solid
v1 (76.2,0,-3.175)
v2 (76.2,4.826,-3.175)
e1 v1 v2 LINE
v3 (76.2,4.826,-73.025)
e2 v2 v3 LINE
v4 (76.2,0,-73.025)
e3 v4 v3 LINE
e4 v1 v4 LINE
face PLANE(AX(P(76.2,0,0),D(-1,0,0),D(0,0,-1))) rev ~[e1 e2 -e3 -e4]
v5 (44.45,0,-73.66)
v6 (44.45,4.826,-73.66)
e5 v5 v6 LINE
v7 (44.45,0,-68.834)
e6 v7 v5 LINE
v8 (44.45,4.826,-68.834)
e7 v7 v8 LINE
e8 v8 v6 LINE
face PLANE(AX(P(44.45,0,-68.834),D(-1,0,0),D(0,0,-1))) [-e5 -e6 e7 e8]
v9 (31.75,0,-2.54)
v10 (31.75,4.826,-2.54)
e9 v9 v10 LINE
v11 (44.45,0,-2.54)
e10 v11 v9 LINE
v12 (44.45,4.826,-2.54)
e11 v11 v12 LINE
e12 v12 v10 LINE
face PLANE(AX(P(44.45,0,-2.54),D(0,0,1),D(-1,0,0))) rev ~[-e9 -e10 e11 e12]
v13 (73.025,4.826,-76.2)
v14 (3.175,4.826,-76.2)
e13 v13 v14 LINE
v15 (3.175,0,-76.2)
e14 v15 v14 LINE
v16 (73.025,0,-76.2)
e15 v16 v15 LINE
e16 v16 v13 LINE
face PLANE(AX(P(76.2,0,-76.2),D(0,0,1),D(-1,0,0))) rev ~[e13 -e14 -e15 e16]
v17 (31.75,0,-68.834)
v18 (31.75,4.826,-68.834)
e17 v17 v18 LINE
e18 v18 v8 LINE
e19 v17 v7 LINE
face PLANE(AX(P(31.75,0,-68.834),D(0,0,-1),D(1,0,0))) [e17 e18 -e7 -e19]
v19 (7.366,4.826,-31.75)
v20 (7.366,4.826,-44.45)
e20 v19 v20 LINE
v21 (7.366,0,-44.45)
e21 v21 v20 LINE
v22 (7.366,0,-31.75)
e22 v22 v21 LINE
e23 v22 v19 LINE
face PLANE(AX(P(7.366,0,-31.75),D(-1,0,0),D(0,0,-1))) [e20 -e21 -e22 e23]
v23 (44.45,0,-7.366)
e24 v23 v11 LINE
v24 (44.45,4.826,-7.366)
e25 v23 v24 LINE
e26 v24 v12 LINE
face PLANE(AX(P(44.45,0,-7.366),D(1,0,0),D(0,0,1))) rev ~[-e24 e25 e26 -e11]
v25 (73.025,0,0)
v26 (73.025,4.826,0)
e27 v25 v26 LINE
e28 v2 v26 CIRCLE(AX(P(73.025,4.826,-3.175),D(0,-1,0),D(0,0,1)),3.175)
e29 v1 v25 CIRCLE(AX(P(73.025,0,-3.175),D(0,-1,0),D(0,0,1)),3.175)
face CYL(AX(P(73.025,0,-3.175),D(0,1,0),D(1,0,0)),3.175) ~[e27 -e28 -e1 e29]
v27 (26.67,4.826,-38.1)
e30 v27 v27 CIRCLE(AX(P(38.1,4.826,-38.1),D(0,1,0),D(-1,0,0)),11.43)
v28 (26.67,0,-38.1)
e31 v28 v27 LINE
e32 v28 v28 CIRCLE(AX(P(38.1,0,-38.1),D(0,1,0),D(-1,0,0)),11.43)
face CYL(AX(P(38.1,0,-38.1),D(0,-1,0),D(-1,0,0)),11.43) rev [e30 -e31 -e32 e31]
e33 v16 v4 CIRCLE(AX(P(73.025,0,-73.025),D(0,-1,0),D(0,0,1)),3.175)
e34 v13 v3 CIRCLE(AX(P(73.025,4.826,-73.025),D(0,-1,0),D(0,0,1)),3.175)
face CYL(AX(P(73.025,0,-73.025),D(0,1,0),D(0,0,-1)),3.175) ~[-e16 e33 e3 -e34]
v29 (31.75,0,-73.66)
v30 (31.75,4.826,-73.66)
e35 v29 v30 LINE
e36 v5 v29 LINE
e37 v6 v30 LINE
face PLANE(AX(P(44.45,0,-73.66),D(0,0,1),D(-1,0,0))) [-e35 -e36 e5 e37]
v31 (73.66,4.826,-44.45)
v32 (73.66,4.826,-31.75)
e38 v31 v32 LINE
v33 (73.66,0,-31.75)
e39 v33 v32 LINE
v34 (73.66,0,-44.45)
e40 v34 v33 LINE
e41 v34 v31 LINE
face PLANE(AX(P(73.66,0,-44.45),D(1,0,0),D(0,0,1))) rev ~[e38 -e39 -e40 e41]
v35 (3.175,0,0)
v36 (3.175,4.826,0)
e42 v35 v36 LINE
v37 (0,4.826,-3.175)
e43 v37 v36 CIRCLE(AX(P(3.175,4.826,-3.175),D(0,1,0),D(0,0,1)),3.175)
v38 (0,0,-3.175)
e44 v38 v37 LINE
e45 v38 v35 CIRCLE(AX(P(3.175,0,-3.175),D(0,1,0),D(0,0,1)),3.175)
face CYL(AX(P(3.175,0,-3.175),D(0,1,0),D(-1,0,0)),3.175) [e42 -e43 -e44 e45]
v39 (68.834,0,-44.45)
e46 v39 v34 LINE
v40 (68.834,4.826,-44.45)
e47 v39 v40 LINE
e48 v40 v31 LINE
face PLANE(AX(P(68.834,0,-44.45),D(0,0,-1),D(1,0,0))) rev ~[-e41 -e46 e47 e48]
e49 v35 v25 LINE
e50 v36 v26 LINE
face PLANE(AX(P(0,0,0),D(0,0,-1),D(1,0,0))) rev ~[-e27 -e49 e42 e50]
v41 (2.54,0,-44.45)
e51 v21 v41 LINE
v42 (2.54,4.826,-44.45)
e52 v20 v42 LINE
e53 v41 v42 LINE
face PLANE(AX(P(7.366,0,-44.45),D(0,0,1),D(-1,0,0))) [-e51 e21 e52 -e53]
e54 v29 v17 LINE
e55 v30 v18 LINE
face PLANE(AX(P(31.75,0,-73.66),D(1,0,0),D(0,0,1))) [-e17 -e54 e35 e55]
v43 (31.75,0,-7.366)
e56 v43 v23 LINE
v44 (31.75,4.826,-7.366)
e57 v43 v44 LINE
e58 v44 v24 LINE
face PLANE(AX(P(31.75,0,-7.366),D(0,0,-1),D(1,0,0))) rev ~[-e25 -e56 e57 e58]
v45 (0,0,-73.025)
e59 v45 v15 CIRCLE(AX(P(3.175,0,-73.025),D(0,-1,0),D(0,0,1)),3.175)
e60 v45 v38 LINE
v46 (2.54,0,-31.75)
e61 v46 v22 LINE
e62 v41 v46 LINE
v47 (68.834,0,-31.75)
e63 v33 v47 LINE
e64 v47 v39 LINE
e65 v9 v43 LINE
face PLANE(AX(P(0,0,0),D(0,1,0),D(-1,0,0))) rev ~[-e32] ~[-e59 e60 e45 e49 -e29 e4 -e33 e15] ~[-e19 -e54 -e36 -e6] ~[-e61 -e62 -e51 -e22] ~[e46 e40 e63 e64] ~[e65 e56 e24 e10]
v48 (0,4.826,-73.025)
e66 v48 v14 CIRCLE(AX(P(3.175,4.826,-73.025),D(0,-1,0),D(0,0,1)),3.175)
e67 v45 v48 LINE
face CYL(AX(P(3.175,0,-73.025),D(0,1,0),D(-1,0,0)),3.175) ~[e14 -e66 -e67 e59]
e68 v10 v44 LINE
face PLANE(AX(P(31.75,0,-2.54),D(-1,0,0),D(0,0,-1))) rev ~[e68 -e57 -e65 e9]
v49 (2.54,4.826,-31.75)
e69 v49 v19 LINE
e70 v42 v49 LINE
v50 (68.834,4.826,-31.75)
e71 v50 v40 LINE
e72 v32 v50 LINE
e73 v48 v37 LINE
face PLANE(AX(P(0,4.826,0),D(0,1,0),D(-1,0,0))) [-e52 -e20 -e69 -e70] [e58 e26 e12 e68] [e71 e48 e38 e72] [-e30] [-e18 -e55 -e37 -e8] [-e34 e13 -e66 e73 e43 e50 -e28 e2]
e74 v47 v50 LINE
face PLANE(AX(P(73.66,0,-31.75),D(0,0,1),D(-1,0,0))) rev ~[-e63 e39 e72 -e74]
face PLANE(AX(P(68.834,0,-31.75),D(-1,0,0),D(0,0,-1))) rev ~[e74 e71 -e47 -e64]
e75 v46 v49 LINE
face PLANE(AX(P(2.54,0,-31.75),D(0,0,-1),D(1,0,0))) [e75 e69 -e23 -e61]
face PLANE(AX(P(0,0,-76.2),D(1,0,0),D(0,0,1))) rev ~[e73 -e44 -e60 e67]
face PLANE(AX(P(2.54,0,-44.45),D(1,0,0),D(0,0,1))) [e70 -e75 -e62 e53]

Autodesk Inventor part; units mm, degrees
ref_plane "YZ Plane" through (0, 0, 0) normal (1, 0, 0) x (0, 1, 0)
ref_plane "XZ Plane" through (0, 0, 0) normal (0, 1, 0) x (-1, 0, 0)
ref_plane "XY Plane" through (0, 0, 0) normal (0, 0, 1) x (1, 0, 0)
sketch "Sketch1" plane through (0, 0, 0) normal (0, 1, 0) x (-1, 0, 0)
  line L0 (0, 0) -> (-76.2, 0)
  line L1 (-76.2, 0) -> (-76.2, -76.2)
  line L2 (-76.2, -76.2) -> (0, -76.2)
  line L3 (0, -76.2) -> (0, 0)
  line L4 (-44.45, -73.66) -> (-31.75, -73.66)
  line L5 (-31.75, -73.66) -> (-31.75, -68.834)
  line L6 (-31.75, -68.834) -> (-44.45, -68.834)
  line L7 (-44.45, -68.834) -> (-44.45, -73.66)
  line L8 (-68.834, -31.75) -> (-68.834, -44.45)
  line L9 (-68.834, -44.45) -> (-73.66, -44.45)
  line L10 (-73.66, -31.75) -> (-68.834, -31.75)
  line L11 (-73.66, -44.45) -> (-73.66, -31.75)
  line L12 (-7.366, -44.45) -> (-2.54, -44.45)
  line L13 (-7.366, -31.75) -> (-7.366, -44.45)
  line L14 (-2.54, -44.45) -> (-2.54, -31.75)
  line L15 (-2.54, -31.75) -> (-7.366, -31.75)
  line L16 (-44.45, -2.54) -> (-31.75, -2.54)
  line L17 (-31.75, -2.54) -> (-31.75, -7.366)
  line L18 (-31.75, -7.366) -> (-44.45, -7.366)
  line L19 (-44.45, -7.366) -> (-44.45, -2.54)
  circle A0 centre (-38.1, -38.1) radius 11.43
  dimension "d0" = 76.2
  dimension "d1" = 76.2
  dimension "d6" = 31.75
  dimension "d7" = 2.54
  dimension "d8" = 4.826
  dimension "d9" = 12.7
  dimension "d15" = 31.75
  dimension "d16" = 12.7
  dimension "d17" = 4.826
  dimension "d18" = 22.86
extrude "Extrusion3" add sketch "Sketch1" along normal blind 4.826
fillet "Fillet1" radius 3.175 4 edges at (76.2, 2.413, 0) (0, 2.413, 0) (76.2, 2.413, -76.2) (0, 2.413, -76.2)
properties part number "top"
